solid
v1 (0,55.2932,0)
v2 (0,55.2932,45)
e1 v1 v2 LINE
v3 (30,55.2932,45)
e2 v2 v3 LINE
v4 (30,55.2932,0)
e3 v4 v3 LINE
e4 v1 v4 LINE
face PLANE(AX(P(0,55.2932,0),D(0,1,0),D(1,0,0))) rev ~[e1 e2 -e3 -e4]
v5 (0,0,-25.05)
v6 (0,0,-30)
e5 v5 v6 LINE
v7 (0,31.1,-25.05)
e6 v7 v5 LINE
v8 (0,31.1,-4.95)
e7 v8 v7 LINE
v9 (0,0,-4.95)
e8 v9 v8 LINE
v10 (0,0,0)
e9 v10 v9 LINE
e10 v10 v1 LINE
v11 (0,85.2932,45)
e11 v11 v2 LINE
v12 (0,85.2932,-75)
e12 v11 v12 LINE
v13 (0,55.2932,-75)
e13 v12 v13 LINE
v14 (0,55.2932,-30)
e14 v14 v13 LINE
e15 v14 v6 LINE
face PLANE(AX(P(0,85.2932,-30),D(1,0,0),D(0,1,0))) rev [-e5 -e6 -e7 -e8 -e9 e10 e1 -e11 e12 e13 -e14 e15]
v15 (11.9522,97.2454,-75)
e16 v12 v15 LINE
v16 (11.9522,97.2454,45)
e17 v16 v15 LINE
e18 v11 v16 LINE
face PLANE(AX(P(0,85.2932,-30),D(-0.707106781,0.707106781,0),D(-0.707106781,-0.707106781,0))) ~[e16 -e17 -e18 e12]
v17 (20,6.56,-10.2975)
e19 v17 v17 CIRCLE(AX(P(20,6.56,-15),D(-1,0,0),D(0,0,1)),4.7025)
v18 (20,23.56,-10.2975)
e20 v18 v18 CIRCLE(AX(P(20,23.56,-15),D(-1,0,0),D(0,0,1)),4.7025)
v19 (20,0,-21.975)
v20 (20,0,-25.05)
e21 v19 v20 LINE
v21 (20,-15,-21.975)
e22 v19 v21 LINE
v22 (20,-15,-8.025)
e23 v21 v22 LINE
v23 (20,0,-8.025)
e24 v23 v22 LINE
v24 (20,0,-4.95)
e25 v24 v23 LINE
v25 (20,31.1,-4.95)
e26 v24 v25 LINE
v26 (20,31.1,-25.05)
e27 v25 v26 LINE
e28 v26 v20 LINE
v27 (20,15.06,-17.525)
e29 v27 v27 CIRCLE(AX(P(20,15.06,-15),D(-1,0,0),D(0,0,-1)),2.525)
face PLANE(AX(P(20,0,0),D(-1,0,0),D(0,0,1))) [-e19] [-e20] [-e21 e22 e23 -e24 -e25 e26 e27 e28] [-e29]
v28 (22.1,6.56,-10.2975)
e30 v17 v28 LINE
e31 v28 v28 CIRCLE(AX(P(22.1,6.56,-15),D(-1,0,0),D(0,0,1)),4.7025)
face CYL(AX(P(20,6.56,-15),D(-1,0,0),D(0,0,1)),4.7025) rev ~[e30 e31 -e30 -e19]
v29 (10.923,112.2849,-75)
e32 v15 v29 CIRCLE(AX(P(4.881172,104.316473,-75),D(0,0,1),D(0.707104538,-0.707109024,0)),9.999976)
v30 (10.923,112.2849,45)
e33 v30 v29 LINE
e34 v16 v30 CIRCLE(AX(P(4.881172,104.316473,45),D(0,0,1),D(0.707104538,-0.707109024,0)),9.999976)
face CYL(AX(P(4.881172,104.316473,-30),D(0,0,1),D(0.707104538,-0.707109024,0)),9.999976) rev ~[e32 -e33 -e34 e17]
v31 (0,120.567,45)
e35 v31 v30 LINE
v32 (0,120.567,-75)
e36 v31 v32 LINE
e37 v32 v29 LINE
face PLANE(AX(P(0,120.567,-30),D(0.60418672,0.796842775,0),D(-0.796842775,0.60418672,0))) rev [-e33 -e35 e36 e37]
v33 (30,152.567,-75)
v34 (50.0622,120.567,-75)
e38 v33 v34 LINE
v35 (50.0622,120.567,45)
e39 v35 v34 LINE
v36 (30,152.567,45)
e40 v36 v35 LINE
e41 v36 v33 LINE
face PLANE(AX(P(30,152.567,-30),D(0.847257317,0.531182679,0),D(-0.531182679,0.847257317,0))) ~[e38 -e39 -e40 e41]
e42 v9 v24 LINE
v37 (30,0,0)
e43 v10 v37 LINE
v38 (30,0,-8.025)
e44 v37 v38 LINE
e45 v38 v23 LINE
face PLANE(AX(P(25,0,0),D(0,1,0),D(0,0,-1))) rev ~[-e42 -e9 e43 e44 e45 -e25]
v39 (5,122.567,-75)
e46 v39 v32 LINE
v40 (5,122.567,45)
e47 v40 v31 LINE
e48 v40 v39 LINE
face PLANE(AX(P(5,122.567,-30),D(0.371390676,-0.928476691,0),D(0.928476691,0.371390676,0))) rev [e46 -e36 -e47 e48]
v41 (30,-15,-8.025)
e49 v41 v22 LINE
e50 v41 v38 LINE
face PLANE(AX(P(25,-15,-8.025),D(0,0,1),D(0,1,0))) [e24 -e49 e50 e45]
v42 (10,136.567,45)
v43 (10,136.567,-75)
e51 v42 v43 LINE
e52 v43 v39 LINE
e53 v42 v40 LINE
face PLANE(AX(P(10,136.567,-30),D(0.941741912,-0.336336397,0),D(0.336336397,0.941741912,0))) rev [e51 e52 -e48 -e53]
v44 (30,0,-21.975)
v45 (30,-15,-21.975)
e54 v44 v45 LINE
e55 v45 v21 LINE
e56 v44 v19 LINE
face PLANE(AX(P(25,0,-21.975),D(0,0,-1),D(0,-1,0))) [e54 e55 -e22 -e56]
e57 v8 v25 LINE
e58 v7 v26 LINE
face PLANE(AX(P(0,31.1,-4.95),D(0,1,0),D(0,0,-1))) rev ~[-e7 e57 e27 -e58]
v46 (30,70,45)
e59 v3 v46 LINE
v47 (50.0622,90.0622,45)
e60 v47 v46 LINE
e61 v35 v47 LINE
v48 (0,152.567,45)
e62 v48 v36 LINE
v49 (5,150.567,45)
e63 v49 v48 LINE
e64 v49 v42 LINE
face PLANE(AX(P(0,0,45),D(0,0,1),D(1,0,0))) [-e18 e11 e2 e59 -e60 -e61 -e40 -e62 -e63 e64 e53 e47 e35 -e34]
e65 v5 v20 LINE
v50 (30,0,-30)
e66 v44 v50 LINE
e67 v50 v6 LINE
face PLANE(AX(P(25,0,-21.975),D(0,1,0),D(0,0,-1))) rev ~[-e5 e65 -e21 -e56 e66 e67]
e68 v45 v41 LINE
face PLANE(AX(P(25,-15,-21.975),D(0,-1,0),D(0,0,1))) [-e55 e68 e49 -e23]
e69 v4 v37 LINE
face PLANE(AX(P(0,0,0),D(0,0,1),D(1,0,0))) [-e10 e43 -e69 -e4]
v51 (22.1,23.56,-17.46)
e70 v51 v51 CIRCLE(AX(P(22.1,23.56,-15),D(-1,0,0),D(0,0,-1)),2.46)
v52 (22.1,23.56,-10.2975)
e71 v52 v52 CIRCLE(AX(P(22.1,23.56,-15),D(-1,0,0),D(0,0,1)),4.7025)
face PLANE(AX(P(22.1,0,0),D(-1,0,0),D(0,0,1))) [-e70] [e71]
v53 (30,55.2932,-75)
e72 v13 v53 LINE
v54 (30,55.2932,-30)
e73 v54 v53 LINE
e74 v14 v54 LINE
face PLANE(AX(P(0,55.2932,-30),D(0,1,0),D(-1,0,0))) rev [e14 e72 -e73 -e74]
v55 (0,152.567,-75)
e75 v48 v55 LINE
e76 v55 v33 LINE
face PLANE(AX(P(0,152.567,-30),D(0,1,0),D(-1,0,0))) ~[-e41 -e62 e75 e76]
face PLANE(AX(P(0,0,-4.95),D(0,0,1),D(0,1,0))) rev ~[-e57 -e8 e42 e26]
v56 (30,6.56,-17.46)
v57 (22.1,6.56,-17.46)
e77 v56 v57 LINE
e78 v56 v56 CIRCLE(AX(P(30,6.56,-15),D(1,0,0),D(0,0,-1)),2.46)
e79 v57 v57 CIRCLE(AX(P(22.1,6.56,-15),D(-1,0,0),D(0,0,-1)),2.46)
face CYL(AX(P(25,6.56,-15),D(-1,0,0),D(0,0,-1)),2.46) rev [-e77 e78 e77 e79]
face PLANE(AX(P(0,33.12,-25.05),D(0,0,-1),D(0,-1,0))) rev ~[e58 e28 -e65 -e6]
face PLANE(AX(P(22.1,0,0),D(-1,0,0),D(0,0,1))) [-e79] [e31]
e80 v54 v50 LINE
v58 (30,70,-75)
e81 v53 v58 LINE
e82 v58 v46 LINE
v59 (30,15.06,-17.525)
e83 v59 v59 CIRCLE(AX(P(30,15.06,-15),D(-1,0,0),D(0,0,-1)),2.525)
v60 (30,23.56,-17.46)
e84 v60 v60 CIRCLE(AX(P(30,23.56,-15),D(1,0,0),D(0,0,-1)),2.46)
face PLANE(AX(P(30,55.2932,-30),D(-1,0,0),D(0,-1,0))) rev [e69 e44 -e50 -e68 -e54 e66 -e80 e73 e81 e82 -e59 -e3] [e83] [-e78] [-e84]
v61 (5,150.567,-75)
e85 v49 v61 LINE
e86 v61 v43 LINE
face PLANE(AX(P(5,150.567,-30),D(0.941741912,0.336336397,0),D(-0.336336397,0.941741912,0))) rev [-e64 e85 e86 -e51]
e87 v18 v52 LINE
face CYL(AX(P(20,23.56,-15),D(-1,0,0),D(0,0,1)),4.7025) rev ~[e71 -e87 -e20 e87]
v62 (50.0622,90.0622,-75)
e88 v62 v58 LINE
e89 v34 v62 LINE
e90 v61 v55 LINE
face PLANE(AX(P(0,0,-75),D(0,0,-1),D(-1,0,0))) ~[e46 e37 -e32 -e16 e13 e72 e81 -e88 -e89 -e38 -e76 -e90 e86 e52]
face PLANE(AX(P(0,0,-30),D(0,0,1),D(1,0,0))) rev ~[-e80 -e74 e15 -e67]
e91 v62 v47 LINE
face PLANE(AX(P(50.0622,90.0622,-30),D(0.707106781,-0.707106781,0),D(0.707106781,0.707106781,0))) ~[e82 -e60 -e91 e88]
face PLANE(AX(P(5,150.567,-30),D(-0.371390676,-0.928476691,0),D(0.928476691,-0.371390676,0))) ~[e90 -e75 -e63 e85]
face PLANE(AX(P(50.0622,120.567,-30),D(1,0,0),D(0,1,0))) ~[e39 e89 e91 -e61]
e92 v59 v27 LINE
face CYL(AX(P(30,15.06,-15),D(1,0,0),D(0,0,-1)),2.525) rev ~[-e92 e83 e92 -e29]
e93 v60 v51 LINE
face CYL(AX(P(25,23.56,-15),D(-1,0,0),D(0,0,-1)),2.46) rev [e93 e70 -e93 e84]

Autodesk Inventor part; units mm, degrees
ref_plane "YZ Plane" through (0, 0, 0) normal (1, 0, 0) x (0, 1, 0)
ref_plane "XZ Plane" through (0, 0, 0) normal (0, 1, 0) x (-1, 0, 0)
sketch "Sketch1" plane through (0, 0, 0) normal (0, 0, 1) x (1, 0, 0)
  line L0 (0, 0) -> (25, 0)
  line L1 (25, 0) -> (25, 40)
  line L2 (25, 40) -> (0, 40)
  line L3 (0, 40) -> (0, 0)
  dimension "d1" = 25
  dimension "d2" = 40
  dimension "d3" = 25
extrude "Extrusion1" add sketch "Sketch1" against normal blind 30
sketch "Sketch2" plane through (25, 0, 0) normal (1, 0, 0) x (0, 0, -1)
  line L0 (0, 0) -> (30, 0) projected
  circle A0 centre (15, 6.56) radius 2.46
extrude "Extrusion2" cut sketch "Sketch2" against normal blind 30
sketch "Sketch3" plane through (0, 0, 0) normal (-1, 0, 0) x (0, 0, 1)
  line L0 (0, 0) -> (-30, 0) projected
  line L1 (-25.05, 0) -> (-4.95, 0)
  line L2 (-4.95, 0) -> (-4.95, 33.12)
  line L3 (-4.95, 33.12) -> (-25.05, 33.12)
  line L4 (-25.05, 33.12) -> (-25.05, 0)
  dimension "d11" = 20.1
extrude "Extrusion3" cut sketch "Sketch3" against normal blind 20
sketch "Sketch4" plane through (0, 0, 0) normal (0, -1, 0) x (1, 0, 0)
  line L0 (20, -4.95) -> (20, -25.05) projected
  line L1 (20, -15) -> (25, -15)
  line L2 (25, 0) -> (25, -30) projected
  line L3 (20, -8.025) -> (25, -8.025)
  line L4 (25, -8.025) -> (25, -21.975)
  line L5 (25, -21.975) -> (20, -21.975)
  line L6 (20, -21.975) -> (20, -8.025)
  line L7 (20, -8.025) -> (25, -21.975) construction
  line L8 (25, -8.025) -> (20, -21.975) construction
  line L9 (25, -12.54) -> (25, -17.46) projected
  point P0 (0, 0)
  point P1 (22.5, -15)
  dimension "d14" = 13.95
extrude "Extrusion4" add sketch "Sketch4" along normal blind 15
sketch "Sketch5" plane through (20, 0, 0) normal (-1, 0, 0) x (0, 0, 1)
  circle A0 centre (-15, 6.56) radius 2.46 projected
  circle A1 centre (-15, 6.56) radius 4.7025
  circle A2 centre (-15, 6.56) radius 2.46 projected
  circle A3 centre (-15, 6.56) radius 2.46
  point P0 (0, 0)
  dimension "d17" = 9.405
extrude "Extrusion5" cut sketch "Sketch5" against normal blind 2.1
sketch "Sketch6" plane through (25, 0, 0) normal (1, 0, 0) x (0, 0, -1)
  circle A0 centre (15, 6.56) radius 4.7025 projected
  line L0 (15, 6.56) -> (15, 23.56)
  circle A1 centre (15, 23.56) radius 2.46
  point P0 (0, 0)
  dimension "d20" = 17
  dimension "d21" = 4.92
extrude "Extrusion6" cut sketch "Sketch6" against normal blind 10 contours A1
sketch "Sketch7" plane through (20, 0, 0) normal (-1, 0, 0) x (0, 0, 1)
  circle A0 centre (-15, 23.56) radius 2.46 projected
  circle A1 centre (-15, 23.56) radius 4.7025
  point P0 (0, 0)
  dimension "d24" = 9.405
extrude "Extrusion7" cut sketch "Sketch7" against normal blind 2.1
sketch "Sketch9" plane through (25, 0, 0) normal (1, 0, 0) x (0, 0, -1)
  circle A0 centre (15, 6.56) radius 2.46 projected
  circle A1 centre (15, 6.56) radius 2.46
  circle A2 centre (15, 23.56) radius 2.46 projected
  circle A3 centre (15, 23.56) radius 2.46
  line L0 (30, 40) -> (30, 0) projected
  line L1 (30, 0) -> (30, 40)
  line L2 (30, 40) -> (0, 40)
  line L3 (0, 40) -> (0, 0)
  line L4 (0, 0) -> (8.025, 0) projected
  line L5 (21.975, 0) -> (21.975, -15)
  line L6 (21.975, -15) -> (8.025, -15)
  line L7 (8.025, -15) -> (8.025, 0)
  line L8 (0, 0) -> (8.025, 0)
  line L9 (21.975, 0) -> (30, 0)
extrude "Extrusion8" add sketch "Sketch9" along normal blind 5
sketch "Sketch10" plane through (0, 40, 0) normal (0, 1, 0) x (1, 0, 0)
  line L0 (0, 30) -> (30, 30) projected
  line L1 (30, 0) -> (0, 0) projected
  line L2 (0, 30) -> (30, 30)
  line L3 (30, 30) -> (30, 0)
  line L4 (30, 0) -> (0, 0)
  line L5 (0, 0) -> (0, 30)
extrude "Extrusion9" add sketch "Sketch10" along normal blind 30
sketch "Sketch12" plane through (30, 0, 0) normal (1, 0, 0) x (0, 0, -1)
  circle A0 centre (15, 6.56) radius 2.46 projected
  line L0 (15, 6.56) -> (15, 15.06)
  circle A1 centre (15, 15.06) radius 2.525
  point P0 (0, 0)
  dimension "d31" = 8.5
  dimension "d33" = 5.05
extrude "Extrusion10" cut sketch "Sketch12" against normal blind 30 contours A1
sketch "Sketch15" plane through (0, 0, -25.05) normal (-1, 0, 0) x (0, 0, 1)
  line L0 (0, 33.12) -> (20.1, 33.12) projected
  line L1 (20.1, 33.12) -> (20.1, 0) projected
  line L2 (0, 33.12) -> (20.1, 33.12)
  line L3 (20.1, 33.12) -> (20.1, 31.1)
  line L4 (20.1, 31.1) -> (0, 31.1)
  line L5 (0, 31.1) -> (0, 33.12)
  point P0 (25.05, 0)
  dimension "d57" = 2.02
extrude "Extrusion13" add sketch "Sketch15" against normal blind 20
sketch "Sketch17" plane through (0, 0, 0) normal (0, 0, 1) x (1, 0, 0)
  line L0 (0, 70) -> (30, 70) projected
  line L1 (30, 70) -> (50.0622, 90.0622)
  line L2 (30, 70) -> (80, 70) construction
  line L3 (11.9522, 97.2454) -> (0, 85.2932)
  line L4 (0, 70) -> (0, 85.2932)
  line L5 (0, 70) -> (0, 0) projected
  line L6 (0, 70) -> (30, 70)
  line L7 (10.923, 112.2849) -> (0, 120.567)
  line L8 (50.0622, 105.3553) -> (50.0622, 120.567)
  line L9 (50.0622, 105.3553) -> (50.0622, 90.0622)
  arc A0 (11.9522, 97.2454) -> (10.923, 112.2849) centre (4.8811, 104.3165) ccw
  line L10 (0, 152.567) -> (30, 152.567)
  line L11 (30, 152.567) -> (50.0622, 120.567)
  line L12 (5, 150.567) -> (0, 152.567)
  line L13 (5, 122.567) -> (0, 120.567)
  line L14 (5, 122.567) -> (10, 136.567)
  line L15 (10, 136.567) -> (5, 150.567)
  dimension "d61" = 45
  dimension "d62" = 32.0271
  dimension "d72" = 10
extrude "Extrusion14" add sketch "Sketch17" against normal blind 30
sketch "Sketch22" plane through (0, 0, 0) normal (0, 0, 1) x (1, 0, 0)
  line L0 (30, 0) -> (30, 70) projected
  line L1 (50.0622, 90.0622) -> (30, 70) projected
  line L2 (30, 70) -> (50.0622, 90.0622)
  line L3 (50.0622, 120.567) -> (50.0622, 90.0622) projected
  line L4 (50.0622, 90.0622) -> (50.0622, 120.567)
  line L5 (30, 152.567) -> (50.0622, 120.567) projected
  line L6 (50.0622, 120.567) -> (30, 152.567)
  line L7 (0, 152.567) -> (30, 152.567) projected
  line L8 (30, 152.567) -> (0, 152.567)
  line L9 (5, 150.567) -> (0, 152.567) projected
  line L10 (0, 152.567) -> (5, 150.567)
  line L11 (5, 150.567) -> (10, 136.567) projected
  line L12 (5, 150.567) -> (10, 136.567)
  line L13 (10, 136.567) -> (5, 122.567) projected
  line L14 (10, 136.567) -> (5, 122.567)
  line L15 (5, 122.567) -> (0, 120.567) projected
  line L16 (5, 122.567) -> (0, 120.567)
  line L17 (0, 120.567) -> (10.923, 112.2849) projected
  line L18 (0, 120.567) -> (10.923, 112.2849)
  line L19 (0, 85.2932) -> (11.9522, 97.2454) projected
  line L20 (11.9522, 97.2454) -> (0, 85.2932)
  line L21 (0, 85.2932) -> (0, 55.2932)
  line L22 (0, 0) -> (0, 85.2932) projected
  line L23 (0, 55.2932) -> (30, 55.2932)
  line L24 (30, 55.2932) -> (30, 70)
  arc A0 (11.9522, 97.2454) -> (10.923, 112.2849) centre (4.8811, 104.3165) ccw
  dimension "d92" = 30
extrude "Extrusion15" add sketch "Sketch22" along normal blind 45
ref_plane "Work Plane1" through (0, 0, -15) normal (0, 0, 1) x (1, 0, 0)
mirror "Mirror1" about plane through (0, 0, -15) normal (0, 0, 1) of "Extrusion15"
properties part number "rec_c_28mm_x_120mm"
